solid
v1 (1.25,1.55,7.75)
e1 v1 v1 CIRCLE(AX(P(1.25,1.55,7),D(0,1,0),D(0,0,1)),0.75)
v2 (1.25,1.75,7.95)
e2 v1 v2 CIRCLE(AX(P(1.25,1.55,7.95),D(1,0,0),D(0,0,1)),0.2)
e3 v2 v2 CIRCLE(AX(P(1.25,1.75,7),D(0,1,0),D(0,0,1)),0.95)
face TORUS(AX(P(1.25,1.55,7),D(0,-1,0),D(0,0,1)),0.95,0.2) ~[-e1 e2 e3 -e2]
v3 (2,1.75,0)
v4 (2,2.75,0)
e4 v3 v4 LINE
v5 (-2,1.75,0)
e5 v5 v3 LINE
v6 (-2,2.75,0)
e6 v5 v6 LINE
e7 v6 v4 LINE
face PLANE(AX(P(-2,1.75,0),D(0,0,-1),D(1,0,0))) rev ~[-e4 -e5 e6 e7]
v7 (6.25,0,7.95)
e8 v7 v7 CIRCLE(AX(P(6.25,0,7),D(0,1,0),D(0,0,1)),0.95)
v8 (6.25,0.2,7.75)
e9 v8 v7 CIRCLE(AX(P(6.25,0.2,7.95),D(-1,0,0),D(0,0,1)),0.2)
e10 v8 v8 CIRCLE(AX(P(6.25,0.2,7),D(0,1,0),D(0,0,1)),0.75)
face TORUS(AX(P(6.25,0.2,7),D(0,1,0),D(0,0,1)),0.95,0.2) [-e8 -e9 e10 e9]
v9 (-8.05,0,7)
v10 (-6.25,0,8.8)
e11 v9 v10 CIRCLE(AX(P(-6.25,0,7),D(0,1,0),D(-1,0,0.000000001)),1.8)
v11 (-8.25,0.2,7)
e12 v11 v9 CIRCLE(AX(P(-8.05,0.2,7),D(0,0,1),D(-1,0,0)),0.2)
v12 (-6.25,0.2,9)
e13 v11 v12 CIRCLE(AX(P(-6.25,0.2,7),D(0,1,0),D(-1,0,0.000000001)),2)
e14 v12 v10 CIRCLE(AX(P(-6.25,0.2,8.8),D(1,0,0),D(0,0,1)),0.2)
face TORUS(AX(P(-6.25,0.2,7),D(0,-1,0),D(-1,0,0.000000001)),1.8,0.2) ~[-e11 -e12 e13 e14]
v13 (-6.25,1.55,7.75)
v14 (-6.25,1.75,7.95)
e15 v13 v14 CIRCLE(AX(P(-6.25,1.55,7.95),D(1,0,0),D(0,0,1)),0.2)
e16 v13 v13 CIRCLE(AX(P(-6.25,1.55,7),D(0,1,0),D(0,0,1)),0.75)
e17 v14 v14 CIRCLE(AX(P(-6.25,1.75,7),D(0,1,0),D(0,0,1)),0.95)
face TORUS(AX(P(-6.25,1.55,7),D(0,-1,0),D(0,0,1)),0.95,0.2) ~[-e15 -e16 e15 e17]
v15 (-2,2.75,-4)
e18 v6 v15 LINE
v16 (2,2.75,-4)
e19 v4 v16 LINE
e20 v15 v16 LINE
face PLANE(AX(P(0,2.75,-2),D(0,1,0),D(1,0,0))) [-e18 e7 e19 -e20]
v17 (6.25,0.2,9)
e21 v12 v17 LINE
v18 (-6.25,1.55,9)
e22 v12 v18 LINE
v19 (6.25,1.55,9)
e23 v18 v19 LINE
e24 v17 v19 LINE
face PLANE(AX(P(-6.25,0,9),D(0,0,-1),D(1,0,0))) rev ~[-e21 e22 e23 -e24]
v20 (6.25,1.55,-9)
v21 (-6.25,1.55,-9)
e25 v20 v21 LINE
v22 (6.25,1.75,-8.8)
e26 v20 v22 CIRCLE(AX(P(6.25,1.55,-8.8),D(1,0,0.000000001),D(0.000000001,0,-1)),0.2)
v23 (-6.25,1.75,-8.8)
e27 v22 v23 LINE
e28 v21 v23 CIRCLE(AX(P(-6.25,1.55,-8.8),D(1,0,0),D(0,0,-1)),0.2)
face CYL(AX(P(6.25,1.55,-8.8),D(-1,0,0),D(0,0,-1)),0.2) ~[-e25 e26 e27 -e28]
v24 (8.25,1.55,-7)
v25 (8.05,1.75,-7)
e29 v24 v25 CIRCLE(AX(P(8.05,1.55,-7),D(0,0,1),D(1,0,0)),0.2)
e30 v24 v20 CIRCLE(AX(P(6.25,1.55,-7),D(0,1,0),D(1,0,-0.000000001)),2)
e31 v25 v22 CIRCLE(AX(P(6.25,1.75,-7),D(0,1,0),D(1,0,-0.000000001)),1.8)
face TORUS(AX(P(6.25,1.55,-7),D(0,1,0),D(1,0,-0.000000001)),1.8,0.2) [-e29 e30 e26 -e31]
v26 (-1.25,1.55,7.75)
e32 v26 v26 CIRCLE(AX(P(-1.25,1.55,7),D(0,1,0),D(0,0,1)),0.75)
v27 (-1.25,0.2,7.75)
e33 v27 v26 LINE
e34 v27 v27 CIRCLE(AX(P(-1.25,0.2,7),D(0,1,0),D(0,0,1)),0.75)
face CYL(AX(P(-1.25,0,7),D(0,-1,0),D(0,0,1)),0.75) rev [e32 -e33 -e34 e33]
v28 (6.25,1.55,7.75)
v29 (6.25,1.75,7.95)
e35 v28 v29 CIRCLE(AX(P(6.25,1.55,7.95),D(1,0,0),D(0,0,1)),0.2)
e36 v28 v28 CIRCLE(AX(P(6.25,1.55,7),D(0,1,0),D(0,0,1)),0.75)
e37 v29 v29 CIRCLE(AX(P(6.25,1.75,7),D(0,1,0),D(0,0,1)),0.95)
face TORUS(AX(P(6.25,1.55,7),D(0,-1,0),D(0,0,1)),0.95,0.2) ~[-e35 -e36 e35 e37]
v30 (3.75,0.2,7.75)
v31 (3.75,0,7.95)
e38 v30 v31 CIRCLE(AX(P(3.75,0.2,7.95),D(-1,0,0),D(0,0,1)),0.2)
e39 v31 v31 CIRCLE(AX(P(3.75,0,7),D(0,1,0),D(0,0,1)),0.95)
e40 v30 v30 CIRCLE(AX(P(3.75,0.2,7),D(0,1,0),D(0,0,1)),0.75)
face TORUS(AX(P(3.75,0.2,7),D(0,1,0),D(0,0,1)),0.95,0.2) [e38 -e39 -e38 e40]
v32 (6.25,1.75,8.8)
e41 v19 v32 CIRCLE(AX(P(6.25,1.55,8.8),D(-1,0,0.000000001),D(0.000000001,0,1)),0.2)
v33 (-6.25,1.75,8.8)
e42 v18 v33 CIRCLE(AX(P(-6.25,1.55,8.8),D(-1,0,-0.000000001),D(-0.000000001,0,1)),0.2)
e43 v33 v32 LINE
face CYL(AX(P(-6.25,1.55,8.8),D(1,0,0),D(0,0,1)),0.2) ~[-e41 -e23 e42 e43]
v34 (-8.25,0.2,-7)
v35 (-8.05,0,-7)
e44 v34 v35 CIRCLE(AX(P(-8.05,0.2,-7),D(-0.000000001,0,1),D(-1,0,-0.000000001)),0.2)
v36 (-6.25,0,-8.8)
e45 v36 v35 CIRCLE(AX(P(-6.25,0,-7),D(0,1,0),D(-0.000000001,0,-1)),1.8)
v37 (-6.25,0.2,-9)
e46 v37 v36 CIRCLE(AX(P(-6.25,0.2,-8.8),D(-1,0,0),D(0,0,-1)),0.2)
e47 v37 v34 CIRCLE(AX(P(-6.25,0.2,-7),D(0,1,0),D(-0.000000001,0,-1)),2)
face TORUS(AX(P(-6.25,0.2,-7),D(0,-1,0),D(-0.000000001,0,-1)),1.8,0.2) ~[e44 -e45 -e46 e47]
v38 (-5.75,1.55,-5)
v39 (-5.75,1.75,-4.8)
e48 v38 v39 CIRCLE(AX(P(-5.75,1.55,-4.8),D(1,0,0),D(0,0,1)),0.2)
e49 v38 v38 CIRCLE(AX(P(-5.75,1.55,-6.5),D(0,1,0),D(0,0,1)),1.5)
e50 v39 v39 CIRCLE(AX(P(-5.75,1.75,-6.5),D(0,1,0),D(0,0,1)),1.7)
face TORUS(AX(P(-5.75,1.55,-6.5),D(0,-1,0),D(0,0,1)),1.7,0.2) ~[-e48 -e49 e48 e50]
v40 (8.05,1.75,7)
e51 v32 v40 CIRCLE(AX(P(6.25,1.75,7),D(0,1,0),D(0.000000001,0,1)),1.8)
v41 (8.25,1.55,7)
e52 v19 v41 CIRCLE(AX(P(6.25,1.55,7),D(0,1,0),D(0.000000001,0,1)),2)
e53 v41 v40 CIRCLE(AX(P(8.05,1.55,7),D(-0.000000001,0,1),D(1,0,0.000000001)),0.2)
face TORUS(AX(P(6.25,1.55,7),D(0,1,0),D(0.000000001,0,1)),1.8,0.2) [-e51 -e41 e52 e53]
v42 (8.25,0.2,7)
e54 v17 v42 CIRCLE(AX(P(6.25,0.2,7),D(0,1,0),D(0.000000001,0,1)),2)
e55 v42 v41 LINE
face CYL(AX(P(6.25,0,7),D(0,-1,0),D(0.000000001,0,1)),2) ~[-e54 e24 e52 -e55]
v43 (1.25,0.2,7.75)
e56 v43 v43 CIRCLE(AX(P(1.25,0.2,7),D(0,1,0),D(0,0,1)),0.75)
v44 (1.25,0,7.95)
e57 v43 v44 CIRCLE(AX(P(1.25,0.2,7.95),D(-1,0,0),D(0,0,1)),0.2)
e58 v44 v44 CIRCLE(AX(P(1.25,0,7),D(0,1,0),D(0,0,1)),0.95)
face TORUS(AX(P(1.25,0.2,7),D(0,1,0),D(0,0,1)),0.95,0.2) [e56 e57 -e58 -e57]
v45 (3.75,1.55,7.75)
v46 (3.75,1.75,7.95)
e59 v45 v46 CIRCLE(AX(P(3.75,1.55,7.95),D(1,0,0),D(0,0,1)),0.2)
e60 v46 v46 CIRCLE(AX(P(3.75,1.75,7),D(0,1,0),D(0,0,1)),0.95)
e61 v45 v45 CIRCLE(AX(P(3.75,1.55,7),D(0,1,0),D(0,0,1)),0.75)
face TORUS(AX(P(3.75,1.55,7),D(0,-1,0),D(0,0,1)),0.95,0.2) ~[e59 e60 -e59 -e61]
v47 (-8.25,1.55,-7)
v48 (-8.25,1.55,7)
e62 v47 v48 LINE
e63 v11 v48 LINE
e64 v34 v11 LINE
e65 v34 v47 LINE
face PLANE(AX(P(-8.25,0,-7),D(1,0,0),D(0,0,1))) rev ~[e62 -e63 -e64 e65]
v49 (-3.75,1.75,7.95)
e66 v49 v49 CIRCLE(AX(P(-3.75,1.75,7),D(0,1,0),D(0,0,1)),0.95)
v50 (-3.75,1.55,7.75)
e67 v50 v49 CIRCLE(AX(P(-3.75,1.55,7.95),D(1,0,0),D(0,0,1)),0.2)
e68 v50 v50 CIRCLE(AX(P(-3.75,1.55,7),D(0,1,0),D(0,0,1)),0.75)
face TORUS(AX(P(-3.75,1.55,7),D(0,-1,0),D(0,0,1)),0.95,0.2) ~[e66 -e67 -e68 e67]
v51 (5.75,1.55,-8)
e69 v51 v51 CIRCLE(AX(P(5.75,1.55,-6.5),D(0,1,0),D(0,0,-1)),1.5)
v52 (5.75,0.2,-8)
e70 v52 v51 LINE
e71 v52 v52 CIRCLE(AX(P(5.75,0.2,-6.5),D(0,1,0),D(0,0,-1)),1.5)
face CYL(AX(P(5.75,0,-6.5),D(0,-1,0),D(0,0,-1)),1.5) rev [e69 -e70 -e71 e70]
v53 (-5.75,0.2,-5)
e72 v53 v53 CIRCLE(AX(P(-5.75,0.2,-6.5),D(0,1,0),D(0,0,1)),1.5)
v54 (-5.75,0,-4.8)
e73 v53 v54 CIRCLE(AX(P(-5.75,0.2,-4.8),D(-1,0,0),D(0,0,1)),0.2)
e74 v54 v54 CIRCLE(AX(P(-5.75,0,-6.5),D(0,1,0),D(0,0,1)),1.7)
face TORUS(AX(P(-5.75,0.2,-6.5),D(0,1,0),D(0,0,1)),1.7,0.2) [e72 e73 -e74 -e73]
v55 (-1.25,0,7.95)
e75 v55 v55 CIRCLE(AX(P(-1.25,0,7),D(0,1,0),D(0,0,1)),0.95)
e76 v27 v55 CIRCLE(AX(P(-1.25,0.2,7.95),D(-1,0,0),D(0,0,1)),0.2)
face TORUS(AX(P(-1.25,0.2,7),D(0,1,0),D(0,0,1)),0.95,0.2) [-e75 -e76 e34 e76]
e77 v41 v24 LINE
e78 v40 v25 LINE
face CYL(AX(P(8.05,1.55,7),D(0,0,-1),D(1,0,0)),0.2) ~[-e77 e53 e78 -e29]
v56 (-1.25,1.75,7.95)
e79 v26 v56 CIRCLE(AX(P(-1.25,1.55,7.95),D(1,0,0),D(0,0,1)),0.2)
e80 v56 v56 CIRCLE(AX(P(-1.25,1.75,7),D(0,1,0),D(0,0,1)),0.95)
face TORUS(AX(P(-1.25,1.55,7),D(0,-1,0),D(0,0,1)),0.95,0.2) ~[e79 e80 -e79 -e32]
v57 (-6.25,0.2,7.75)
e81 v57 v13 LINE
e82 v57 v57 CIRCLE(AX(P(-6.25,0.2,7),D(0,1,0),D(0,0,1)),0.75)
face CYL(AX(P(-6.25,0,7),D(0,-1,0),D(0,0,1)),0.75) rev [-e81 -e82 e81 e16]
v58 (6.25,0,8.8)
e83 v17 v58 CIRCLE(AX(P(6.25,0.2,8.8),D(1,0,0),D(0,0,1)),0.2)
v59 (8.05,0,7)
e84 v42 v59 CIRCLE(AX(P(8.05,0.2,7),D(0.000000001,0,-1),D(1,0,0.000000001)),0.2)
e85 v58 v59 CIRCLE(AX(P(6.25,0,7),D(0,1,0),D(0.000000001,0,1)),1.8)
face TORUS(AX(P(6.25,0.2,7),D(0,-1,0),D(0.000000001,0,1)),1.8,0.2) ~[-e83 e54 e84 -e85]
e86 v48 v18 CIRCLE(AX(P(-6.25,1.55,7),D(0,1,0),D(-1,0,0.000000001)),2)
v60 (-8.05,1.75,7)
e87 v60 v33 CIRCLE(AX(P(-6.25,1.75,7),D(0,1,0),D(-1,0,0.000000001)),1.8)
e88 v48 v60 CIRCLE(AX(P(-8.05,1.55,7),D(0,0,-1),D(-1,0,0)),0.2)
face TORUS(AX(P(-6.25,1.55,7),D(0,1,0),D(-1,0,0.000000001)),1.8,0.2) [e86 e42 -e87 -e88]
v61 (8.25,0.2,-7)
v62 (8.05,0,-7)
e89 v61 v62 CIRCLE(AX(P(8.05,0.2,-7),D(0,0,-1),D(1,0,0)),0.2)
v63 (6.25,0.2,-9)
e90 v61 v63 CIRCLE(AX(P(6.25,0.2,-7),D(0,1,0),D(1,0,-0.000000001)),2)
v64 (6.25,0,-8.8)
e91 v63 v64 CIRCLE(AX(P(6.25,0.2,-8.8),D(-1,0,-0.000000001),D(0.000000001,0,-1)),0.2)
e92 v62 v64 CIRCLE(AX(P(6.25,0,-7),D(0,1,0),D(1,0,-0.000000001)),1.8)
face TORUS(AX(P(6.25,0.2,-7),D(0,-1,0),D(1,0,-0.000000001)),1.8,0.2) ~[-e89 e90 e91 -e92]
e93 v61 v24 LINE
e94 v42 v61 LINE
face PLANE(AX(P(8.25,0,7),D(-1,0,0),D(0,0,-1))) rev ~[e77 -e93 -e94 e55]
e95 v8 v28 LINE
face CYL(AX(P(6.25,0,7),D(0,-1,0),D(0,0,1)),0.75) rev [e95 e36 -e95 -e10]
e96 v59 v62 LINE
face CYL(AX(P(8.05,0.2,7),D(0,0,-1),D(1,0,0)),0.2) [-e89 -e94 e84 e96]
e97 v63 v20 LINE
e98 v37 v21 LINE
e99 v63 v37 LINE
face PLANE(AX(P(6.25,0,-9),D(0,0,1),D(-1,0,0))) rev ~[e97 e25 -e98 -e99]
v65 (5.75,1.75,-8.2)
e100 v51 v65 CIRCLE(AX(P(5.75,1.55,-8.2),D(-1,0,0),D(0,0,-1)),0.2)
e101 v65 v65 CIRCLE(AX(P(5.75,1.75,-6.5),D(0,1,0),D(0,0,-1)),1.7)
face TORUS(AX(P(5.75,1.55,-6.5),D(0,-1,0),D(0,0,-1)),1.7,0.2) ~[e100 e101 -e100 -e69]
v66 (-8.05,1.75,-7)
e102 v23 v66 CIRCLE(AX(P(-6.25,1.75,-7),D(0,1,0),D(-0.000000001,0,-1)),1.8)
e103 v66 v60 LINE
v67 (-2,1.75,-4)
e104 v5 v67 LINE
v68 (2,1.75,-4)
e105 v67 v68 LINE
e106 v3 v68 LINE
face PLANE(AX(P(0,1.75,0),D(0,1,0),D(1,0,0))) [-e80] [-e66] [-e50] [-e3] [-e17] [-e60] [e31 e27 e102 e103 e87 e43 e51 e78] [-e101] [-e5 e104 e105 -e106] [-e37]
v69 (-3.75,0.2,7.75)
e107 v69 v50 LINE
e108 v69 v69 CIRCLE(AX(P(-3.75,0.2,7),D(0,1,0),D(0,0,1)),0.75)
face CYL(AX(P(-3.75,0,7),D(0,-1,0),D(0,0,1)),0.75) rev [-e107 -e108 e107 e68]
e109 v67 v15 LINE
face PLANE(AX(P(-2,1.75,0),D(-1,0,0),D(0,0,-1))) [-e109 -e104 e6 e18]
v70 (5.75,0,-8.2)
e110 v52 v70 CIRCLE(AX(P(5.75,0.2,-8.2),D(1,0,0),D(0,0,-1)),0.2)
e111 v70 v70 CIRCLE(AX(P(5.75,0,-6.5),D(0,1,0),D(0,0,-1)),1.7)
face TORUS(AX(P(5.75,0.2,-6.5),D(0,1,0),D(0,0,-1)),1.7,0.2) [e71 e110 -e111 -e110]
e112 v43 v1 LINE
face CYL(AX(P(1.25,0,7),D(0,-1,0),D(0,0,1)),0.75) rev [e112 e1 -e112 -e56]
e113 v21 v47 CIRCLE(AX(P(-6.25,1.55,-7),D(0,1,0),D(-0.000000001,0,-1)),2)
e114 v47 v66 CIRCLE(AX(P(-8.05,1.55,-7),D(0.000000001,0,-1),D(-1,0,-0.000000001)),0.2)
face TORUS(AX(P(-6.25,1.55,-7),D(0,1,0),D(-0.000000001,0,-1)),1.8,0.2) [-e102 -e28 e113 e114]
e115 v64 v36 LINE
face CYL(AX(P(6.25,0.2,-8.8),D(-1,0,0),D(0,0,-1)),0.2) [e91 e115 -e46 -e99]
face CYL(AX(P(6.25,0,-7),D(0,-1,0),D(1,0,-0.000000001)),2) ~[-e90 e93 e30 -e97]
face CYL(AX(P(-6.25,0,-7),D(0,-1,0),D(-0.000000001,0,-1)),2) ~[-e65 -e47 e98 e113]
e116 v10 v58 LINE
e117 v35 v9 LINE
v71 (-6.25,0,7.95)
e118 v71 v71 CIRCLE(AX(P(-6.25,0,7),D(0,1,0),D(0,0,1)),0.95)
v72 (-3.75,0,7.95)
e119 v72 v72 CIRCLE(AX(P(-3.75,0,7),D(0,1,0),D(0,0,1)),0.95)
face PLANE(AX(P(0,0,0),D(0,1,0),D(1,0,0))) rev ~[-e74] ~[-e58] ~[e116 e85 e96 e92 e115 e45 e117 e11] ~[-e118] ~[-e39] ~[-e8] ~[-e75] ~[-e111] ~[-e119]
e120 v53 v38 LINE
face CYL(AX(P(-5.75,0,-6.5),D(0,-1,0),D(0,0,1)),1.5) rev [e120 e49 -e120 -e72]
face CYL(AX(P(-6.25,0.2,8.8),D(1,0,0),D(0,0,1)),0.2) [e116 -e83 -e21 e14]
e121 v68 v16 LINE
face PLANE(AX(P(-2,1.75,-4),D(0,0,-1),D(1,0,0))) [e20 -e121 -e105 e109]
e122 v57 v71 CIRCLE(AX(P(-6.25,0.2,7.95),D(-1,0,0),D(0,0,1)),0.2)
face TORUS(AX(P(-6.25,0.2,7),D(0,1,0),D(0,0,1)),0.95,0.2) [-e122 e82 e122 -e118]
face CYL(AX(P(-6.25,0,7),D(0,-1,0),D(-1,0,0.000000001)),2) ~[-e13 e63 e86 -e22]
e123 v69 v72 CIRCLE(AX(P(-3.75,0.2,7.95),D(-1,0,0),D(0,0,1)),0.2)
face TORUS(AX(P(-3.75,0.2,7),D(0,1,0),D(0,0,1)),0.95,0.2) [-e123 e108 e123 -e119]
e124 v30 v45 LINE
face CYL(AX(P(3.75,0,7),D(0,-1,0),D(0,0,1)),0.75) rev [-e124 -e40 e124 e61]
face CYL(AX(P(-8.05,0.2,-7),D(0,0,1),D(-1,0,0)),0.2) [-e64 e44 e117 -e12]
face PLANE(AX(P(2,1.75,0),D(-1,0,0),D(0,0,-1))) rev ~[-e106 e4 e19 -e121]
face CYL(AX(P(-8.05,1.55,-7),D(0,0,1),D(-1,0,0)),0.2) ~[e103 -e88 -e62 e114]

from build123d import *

# Parameters (mm, degrees)
CROQUIS1_R              = 0.75
CROQUIS1_R_2            = 1.5
SALIENTE_EXTRUIR1_DEPTH = 1.75
REDONDEO1_R             = 0.2
CROQUIS2_W              = 4
CROQUIS2_H              = 4
SALIENTE_EXTRUIR2_DEPTH = 1


with BuildPart() as part:
    # Croquis1 → Saliente-Extruir1 (new body)
    with BuildSketch(Plane(origin=(0, 0, 0), x_dir=(1, 0, 0), z_dir=(0, 1, 0))):
        with BuildLine():
            Line((-6.25, -9), (6.25, -9))
            ThreePointArc((6.25, -9), (7.664213562, -8.414213562), (8.25, -7))
            Line((8.25, -7), (8.25, 7))
            ThreePointArc((8.25, 7), (7.664213562, 8.414213562), (6.25, 9))
            Line((6.25, 9), (-6.25, 9))
            ThreePointArc((-6.25, 9), (-7.664213562, 8.414213562), (-8.25, 7))
            Line((-8.25, 7), (-8.25, -7))
            ThreePointArc((-8.25, -7), (-7.664213562, -8.414213562), (-6.25, -9))
        make_face()
        with Locations(Location((6.25, -7, 0), (0, 0, 270))):
            Circle(CROQUIS1_R, mode=Mode.SUBTRACT)
        with Locations(Location((3.75, -7, 0), (0, 0, 270))):
            Circle(CROQUIS1_R, mode=Mode.SUBTRACT)
        with Locations(Location((1.25, -7, 0), (0, 0, 270))):
            Circle(CROQUIS1_R, mode=Mode.SUBTRACT)
        with Locations(Location((-1.25, -7, 0), (0, 0, 270))):
            Circle(CROQUIS1_R, mode=Mode.SUBTRACT)
        with Locations(Location((-3.75, -7, 0), (0, 0, 270))):
            Circle(CROQUIS1_R, mode=Mode.SUBTRACT)
        with Locations(Location((-6.25, -7, 0), (0, 0, 270))):
            Circle(CROQUIS1_R, mode=Mode.SUBTRACT)
        with Locations(Location((-5.75, 6.5, 0), (0, 0, 270))):
            Circle(CROQUIS1_R_2, mode=Mode.SUBTRACT)
        with Locations(Location((5.75, 6.5, 0), (0, 0, 90))):
            Circle(CROQUIS1_R_2, mode=Mode.SUBTRACT)
    extrude(amount=SALIENTE_EXTRUIR1_DEPTH)

    # Redondeo1
    redondeo1_edges = [part.edges().sort_by_distance(p)[0] for p in [
        (7.664213562, 1.75, 8.414213562),
        (0, 0, 9),
        (-7.664213562, 0, 8.414213562),
        (8.25, 1.75, 0),
        (7.664213562, 1.75, -8.414213562),
        (0, 1.75, -9),
        (-5.75, 0, -8),
        (-5.75, 1.75, -8),
        (-7.664213562, 1.75, -8.414213562),
        (6.25, 0, 6.25),
        (6.25, 1.75, 6.25),
        (-8.25, 1.75, 0),
        (5.75, 0, -5),
        (5.75, 1.75, -5),
        (3.75, 0, 6.25),
        (3.75, 1.75, 6.25),
        (1.25, 0, 6.25),
        (1.25, 1.75, 6.25),
        (-1.25, 0, 6.25),
        (-7.664213562, 1.75, 8.414213562),
        (-1.25, 1.75, 6.25),
        (-3.75, 0, 6.25),
        (-3.75, 1.75, 6.25),
        (-6.25, 0, 6.25),
        (-6.25, 1.75, 6.25),
        (0, 1.75, 9),
        (-8.25, 0, 0),
        (-7.664213562, 0, -8.414213562),
        (0, 0, -9),
        (7.664213562, 0, -8.414213562),
        (8.25, 0, 0),
        (7.664213562, 0, 8.414213562),
    ]]
    fillet(redondeo1_edges, radius=REDONDEO1_R)

    # Croquis2 → Saliente-Extruir2 (add)
    with BuildSketch(Plane(origin=(0, 1.75, 0), x_dir=(1, 0, 0), z_dir=(0, 1, 0))):
        with Locations((0, 2)):
            Rectangle(CROQUIS2_W, CROQUIS2_H)
    extrude(amount=SALIENTE_EXTRUIR2_DEPTH)


solid = part.part
